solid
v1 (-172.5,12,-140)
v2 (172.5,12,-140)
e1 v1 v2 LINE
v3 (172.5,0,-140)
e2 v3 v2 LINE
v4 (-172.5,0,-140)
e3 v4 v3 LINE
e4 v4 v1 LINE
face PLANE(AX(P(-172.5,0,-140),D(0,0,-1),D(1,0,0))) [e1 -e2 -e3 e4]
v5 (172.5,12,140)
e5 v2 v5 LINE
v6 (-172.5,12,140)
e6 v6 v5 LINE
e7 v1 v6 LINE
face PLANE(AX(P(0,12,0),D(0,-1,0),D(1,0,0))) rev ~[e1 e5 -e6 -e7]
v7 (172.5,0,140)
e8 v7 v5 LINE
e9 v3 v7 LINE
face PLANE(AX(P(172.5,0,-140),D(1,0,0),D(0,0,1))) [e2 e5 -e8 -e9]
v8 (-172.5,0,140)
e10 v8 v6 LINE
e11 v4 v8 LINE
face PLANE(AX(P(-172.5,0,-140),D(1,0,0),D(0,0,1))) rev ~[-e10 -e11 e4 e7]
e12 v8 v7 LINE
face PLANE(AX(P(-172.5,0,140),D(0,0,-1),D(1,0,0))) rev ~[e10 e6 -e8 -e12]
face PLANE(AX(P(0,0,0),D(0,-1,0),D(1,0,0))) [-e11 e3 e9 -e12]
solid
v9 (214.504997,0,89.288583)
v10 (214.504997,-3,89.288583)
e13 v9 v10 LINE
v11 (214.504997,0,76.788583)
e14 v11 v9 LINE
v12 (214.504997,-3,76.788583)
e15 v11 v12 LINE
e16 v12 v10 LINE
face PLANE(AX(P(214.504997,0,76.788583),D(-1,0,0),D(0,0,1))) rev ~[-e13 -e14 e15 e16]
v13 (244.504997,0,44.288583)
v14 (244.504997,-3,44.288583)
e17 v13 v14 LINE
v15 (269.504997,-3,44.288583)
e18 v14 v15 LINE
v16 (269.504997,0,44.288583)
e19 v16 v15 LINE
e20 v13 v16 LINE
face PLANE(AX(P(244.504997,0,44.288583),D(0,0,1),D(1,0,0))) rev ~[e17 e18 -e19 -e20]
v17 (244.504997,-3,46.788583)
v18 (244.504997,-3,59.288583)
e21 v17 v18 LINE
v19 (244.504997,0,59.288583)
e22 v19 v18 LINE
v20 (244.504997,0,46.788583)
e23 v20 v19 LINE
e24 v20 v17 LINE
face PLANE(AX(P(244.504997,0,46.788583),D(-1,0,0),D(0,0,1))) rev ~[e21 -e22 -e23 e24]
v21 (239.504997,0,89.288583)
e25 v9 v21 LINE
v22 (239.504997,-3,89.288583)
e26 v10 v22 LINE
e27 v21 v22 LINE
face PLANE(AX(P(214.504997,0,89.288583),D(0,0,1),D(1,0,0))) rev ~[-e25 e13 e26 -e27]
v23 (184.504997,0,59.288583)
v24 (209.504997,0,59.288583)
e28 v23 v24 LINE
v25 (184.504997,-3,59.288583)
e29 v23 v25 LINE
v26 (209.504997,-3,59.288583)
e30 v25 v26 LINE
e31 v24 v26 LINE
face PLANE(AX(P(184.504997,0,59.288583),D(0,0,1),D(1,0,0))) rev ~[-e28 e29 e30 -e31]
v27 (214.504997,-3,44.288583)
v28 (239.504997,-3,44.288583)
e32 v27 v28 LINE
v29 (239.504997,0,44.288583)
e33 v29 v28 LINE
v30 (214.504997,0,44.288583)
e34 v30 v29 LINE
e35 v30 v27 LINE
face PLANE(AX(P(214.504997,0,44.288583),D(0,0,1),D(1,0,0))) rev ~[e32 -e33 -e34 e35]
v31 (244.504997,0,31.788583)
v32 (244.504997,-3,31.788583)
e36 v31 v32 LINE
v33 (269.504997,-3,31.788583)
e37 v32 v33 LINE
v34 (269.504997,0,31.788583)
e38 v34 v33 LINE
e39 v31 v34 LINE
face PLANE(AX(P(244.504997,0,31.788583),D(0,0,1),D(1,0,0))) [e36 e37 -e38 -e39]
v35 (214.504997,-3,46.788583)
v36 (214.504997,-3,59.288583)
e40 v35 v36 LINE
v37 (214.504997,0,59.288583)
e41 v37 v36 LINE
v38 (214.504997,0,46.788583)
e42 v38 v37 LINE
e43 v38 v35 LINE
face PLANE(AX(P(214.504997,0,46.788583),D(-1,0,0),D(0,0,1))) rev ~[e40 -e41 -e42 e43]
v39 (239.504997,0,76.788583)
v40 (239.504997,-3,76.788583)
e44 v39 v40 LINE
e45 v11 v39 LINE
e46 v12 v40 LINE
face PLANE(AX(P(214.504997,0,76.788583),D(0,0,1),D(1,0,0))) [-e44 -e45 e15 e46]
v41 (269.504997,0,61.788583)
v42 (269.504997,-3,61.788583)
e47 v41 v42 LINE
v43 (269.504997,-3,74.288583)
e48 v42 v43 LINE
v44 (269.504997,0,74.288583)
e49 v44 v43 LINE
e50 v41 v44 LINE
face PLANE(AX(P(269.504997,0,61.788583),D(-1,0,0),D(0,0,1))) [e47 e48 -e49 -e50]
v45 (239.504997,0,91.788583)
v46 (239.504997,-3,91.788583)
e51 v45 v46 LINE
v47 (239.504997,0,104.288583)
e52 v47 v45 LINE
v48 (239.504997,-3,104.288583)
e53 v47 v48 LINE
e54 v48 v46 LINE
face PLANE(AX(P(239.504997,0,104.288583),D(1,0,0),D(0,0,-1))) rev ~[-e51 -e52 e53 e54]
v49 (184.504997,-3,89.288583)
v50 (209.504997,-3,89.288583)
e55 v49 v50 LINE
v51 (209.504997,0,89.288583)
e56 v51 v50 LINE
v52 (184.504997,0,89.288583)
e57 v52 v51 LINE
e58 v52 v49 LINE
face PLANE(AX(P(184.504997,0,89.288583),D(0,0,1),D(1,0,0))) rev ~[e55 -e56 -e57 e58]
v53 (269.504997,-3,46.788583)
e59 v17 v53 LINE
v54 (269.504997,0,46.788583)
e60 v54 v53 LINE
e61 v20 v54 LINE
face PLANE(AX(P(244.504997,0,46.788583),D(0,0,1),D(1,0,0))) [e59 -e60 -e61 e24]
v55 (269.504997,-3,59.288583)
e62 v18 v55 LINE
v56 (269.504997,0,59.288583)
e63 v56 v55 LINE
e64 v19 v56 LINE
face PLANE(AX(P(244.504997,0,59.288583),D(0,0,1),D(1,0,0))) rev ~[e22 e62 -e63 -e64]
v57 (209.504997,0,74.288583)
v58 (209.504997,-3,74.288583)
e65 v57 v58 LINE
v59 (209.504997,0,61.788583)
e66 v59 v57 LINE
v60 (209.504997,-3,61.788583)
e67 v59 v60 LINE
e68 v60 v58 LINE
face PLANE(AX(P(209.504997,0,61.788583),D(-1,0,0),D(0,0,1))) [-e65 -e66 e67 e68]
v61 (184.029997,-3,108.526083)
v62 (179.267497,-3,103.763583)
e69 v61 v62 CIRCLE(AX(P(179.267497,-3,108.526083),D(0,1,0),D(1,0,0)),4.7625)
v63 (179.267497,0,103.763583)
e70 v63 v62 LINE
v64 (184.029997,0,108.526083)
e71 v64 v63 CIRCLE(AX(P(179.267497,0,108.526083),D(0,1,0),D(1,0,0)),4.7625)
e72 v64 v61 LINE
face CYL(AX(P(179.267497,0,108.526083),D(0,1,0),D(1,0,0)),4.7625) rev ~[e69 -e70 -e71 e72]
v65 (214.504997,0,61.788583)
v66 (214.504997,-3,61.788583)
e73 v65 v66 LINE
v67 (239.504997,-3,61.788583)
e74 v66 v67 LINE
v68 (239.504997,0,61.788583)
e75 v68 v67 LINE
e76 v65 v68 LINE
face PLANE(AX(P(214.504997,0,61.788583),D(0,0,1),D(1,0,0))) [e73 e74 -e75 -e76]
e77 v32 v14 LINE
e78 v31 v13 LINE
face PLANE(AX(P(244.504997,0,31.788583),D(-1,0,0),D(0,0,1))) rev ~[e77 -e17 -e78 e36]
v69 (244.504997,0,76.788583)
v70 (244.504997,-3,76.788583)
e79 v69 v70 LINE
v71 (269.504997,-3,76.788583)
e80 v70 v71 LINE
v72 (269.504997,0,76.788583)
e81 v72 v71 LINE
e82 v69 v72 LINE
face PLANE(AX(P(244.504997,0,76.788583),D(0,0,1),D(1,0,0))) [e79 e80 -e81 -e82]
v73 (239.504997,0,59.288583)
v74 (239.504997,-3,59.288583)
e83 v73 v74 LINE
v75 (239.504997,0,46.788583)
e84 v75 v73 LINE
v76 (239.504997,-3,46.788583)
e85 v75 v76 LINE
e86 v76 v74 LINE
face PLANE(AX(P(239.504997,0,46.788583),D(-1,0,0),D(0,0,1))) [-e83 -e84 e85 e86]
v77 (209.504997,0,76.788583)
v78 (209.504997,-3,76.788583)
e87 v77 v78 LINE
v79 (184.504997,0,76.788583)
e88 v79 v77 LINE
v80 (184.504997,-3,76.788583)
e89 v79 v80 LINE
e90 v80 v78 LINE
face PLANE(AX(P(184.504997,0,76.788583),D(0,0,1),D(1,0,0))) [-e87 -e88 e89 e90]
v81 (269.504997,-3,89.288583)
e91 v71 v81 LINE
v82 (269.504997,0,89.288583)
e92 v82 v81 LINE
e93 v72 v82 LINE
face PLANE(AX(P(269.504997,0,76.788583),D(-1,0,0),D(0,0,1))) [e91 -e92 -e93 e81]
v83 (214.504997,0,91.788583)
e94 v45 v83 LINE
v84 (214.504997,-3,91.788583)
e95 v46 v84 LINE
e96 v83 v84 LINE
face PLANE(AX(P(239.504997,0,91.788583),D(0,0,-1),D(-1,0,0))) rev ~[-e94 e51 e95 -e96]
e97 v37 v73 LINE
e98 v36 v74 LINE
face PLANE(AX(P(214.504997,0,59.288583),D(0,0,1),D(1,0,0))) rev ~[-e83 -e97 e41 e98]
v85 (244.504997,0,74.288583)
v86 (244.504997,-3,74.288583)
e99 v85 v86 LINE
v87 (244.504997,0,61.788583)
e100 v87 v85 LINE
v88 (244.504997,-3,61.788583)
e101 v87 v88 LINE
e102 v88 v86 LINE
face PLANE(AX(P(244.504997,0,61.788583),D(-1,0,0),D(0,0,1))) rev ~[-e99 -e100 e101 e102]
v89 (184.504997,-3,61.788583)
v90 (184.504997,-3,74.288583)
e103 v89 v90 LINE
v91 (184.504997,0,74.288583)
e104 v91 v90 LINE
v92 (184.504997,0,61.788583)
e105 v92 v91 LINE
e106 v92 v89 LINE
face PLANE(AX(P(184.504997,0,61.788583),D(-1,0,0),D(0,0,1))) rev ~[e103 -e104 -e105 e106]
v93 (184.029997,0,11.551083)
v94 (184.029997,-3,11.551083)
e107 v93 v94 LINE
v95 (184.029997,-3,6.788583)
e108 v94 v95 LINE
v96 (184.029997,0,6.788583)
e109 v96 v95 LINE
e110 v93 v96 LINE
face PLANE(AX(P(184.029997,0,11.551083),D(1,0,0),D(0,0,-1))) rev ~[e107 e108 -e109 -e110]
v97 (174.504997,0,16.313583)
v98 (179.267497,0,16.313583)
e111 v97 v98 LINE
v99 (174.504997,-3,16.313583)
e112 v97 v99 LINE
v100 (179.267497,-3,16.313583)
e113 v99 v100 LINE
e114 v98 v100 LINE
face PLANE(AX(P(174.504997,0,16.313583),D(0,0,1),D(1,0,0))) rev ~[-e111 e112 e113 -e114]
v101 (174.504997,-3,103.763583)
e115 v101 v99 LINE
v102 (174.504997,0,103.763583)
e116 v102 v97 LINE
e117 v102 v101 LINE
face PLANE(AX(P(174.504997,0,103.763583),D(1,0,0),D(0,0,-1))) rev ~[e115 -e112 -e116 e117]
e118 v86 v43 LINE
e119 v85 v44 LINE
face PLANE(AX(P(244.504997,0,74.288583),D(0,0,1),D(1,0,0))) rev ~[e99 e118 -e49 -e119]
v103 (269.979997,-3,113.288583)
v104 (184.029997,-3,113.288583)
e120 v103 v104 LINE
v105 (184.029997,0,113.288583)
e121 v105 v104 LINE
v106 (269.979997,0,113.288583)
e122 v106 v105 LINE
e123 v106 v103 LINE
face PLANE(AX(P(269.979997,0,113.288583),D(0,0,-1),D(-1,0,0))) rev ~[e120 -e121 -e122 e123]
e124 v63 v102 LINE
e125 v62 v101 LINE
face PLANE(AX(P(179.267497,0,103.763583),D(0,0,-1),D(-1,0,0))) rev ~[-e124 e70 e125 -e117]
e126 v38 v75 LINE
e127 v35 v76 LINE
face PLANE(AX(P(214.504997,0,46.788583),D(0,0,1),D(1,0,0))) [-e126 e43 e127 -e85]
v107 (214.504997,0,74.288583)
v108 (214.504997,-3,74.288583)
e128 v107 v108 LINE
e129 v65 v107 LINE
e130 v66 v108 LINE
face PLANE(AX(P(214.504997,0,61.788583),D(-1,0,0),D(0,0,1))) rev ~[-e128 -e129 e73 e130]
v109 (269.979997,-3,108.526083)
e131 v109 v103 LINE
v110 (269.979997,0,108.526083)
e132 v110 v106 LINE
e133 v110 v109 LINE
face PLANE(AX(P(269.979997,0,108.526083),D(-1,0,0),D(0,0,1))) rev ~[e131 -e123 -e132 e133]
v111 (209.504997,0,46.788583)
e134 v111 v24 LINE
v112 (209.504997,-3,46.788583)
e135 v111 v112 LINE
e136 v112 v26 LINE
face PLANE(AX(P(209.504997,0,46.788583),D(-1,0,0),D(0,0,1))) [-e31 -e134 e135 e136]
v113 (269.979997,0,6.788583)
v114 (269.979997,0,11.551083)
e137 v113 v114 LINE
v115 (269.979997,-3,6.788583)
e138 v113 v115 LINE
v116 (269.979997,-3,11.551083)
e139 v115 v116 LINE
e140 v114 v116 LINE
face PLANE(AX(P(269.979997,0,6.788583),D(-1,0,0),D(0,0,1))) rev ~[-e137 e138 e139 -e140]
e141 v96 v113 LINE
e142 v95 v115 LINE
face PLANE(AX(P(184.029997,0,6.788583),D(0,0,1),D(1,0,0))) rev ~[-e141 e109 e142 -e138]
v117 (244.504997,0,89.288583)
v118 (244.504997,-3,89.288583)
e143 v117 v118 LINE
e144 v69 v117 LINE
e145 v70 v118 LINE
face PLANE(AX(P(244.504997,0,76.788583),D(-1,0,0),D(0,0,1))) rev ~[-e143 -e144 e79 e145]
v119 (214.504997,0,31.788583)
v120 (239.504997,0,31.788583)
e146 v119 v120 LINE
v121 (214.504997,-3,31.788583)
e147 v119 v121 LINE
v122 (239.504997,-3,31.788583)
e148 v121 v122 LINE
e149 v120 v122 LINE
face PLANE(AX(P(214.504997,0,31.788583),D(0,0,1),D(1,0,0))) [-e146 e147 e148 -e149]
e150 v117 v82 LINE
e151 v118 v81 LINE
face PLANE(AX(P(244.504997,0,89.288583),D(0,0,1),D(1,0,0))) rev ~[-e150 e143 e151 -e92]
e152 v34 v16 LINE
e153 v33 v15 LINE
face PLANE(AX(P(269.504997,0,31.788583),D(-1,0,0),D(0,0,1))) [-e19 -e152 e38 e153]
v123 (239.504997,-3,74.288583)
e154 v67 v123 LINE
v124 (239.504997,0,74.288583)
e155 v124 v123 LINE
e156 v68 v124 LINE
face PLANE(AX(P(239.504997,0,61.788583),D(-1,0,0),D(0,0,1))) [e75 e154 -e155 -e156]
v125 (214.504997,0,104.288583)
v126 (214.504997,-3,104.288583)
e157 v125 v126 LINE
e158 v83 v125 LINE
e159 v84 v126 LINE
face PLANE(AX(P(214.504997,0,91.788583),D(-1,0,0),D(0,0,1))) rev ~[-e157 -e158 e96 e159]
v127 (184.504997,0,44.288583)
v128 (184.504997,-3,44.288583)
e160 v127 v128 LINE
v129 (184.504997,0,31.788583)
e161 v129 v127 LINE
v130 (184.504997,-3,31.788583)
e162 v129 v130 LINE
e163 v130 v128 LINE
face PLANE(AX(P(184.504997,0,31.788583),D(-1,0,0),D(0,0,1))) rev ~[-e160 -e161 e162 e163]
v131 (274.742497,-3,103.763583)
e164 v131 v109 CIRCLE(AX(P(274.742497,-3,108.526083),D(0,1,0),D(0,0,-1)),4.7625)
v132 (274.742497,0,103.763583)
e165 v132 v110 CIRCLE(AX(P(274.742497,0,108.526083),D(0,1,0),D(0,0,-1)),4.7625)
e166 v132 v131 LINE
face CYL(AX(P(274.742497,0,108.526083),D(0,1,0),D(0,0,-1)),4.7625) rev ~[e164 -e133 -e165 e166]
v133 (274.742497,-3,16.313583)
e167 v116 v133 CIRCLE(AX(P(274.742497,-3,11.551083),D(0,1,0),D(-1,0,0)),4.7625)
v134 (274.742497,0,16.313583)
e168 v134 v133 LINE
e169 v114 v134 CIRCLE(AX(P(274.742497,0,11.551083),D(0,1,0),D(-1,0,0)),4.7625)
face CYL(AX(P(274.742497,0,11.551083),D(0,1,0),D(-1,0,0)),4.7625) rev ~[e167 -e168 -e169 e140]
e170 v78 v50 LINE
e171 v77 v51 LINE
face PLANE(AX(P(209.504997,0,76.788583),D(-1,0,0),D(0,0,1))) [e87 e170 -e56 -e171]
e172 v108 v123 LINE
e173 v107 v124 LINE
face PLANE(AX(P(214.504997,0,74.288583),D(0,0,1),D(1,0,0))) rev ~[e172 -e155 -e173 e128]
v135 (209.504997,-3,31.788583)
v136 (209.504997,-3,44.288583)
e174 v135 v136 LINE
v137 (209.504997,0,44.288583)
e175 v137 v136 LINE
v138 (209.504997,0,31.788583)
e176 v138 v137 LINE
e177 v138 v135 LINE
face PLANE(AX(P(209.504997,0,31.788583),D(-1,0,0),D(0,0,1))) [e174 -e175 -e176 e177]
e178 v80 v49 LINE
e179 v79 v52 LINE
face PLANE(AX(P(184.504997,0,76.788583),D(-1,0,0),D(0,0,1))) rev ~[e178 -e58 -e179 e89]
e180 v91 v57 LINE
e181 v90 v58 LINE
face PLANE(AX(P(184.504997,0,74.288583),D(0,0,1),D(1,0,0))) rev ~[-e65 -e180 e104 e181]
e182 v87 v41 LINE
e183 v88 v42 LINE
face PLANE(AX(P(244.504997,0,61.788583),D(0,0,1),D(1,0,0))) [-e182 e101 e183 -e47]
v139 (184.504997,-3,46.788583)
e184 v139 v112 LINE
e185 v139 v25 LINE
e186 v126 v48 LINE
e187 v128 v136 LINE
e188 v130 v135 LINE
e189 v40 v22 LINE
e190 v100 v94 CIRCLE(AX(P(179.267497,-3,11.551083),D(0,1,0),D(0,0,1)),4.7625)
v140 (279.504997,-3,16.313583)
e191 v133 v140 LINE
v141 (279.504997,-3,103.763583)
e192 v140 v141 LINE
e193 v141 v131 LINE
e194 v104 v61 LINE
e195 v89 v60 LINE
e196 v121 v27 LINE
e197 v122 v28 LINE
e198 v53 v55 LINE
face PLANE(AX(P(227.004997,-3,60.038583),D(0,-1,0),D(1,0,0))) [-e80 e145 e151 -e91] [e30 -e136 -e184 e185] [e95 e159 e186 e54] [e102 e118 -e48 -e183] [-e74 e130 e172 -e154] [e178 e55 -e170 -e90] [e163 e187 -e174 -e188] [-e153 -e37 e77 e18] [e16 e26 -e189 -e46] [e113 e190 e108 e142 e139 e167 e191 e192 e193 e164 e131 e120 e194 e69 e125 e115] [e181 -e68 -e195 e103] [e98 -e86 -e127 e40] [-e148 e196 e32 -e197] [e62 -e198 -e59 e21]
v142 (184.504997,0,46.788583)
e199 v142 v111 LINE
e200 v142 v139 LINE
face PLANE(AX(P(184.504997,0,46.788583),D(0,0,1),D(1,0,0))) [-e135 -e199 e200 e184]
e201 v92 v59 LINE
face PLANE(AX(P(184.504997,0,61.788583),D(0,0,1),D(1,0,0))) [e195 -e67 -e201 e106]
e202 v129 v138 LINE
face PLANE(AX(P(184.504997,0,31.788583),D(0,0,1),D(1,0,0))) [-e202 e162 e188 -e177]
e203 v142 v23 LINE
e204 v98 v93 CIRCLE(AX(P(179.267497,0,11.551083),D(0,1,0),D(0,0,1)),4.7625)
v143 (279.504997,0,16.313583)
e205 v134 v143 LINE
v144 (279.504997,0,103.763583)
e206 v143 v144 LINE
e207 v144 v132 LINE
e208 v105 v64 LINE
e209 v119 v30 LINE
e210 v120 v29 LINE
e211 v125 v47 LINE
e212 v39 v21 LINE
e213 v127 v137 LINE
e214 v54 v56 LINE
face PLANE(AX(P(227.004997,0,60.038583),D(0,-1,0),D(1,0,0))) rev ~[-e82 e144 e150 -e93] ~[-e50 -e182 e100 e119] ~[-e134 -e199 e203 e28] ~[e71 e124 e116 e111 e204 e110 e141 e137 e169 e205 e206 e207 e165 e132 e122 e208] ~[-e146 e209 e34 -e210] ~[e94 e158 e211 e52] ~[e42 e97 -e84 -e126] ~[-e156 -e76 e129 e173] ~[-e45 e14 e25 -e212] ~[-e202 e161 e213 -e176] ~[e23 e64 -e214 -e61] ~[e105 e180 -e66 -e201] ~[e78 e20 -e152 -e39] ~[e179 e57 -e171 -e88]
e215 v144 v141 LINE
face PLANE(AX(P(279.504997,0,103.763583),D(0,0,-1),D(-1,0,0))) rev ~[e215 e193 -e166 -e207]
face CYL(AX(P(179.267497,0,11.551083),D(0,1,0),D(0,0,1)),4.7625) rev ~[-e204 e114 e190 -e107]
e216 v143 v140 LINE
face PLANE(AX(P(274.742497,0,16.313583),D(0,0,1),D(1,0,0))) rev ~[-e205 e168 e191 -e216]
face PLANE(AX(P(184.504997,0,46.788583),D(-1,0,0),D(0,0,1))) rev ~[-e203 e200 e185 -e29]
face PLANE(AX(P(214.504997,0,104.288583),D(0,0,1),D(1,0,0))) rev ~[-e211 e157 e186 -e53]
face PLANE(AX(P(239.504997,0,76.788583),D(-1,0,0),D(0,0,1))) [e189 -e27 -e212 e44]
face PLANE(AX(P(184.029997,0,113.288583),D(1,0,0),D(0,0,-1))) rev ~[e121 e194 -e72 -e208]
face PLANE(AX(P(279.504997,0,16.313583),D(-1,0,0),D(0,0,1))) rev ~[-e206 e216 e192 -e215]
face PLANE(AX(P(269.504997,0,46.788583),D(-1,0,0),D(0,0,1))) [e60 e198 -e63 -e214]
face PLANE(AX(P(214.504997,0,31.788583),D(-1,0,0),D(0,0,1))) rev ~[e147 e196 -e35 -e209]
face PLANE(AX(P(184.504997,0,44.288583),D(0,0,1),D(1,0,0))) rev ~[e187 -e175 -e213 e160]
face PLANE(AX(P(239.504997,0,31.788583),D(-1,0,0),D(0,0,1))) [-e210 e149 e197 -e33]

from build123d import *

# Parameters (mm, degrees)
F0_W     = 345
F0_H     = 280
F1_DEPTH = 12
F2_W     = 25
F2_H     = 12.5
F3_DEPTH = 3


with BuildPart() as f1:
    # F0 (on Front) → F1 (new body)
    with BuildSketch(Plane.XZ):
        Rectangle(F0_W, F0_H)
    extrude(amount=-F1_DEPTH)


with BuildPart() as f3:
    # F2 (on Front) → F3 (new body)
    with BuildSketch(Plane.XZ):
        with BuildLine():
            Line((269.9799974322, 113.2885825038), (184.0299974322, 113.2885825038))
            Line((184.0299974322, 113.2885825038), (184.0299974322, 108.5260825038))
            ThreePointArc((184.0299974322, 108.5260825038), (182.6350934776, 105.1584864584), (179.2674974322, 103.7635825038))
            Line((179.2674974322, 103.7635825038), (174.5049974322, 103.7635825038))
            Line((174.5049974322, 103.7635825038), (174.5049974322, 60.0385825038))
            Line((174.5049974322, 60.0385825038), (174.5049974322, 16.3135825038))
            Line((174.5049974322, 16.3135825038), (179.2674974322, 16.3135825038))
            ThreePointArc((179.2674974322, 16.3135825038), (182.6350934776, 14.9186785492), (184.0299974322, 11.5510825038))
            Line((184.0299974322, 11.5510825038), (184.0299974322, 6.7885825038))
            Line((184.0299974322, 6.7885825038), (269.9799974322, 6.7885825038))
            Line((269.9799974322, 6.7885825038), (269.9799974322, 11.5510825038))
            ThreePointArc((269.9799974322, 11.5510825038), (271.3749013868, 14.9186785492), (274.7424974322, 16.3135825038))
            Line((274.7424974322, 16.3135825038), (279.5049974322, 16.3135825038))
            Line((279.5049974322, 16.3135825038), (279.5049974322, 103.7635825038))
            Line((279.5049974322, 103.7635825038), (274.7424974322, 103.7635825038))
            ThreePointArc((274.7424974322, 103.7635825038), (271.3749013868, 105.1584864584), (269.9799974322, 108.5260825038))
            Line((269.9799974322, 108.5260825038), (269.9799974322, 113.2885825038))
        make_face()
        with Locations((197.0049974322, 38.0385825038)):
            Rectangle(F2_W, F2_H, mode=Mode.SUBTRACT)
        with Locations((197.0049974322, 53.0385825038)):
            Rectangle(F2_W, F2_H, mode=Mode.SUBTRACT)
        with Locations((227.0049974322, 38.0385825038)):
            Rectangle(F2_W, F2_H, mode=Mode.SUBTRACT)
        with Locations((227.0049974322, 53.0385825038)):
            Rectangle(F2_W, F2_H, mode=Mode.SUBTRACT)
        with Locations((257.0049974322, 38.0385825038)):
            Rectangle(F2_W, F2_H, mode=Mode.SUBTRACT)
        with Locations((257.0049974322, 53.0385825038)):
            Rectangle(F2_W, F2_H, mode=Mode.SUBTRACT)
        with Locations((197.0049974322, 68.0385825038)):
            Rectangle(F2_W, F2_H, mode=Mode.SUBTRACT)
        with Locations((197.0049974322, 83.0385825038)):
            Rectangle(F2_W, F2_H, mode=Mode.SUBTRACT)
        with Locations((227.0049974322, 68.0385825038)):
            Rectangle(F2_W, F2_H, mode=Mode.SUBTRACT)
        with Locations((227.0049974322, 83.0385825038)):
            Rectangle(F2_W, F2_H, mode=Mode.SUBTRACT)
        Polygon((214.5049974322, 91.7885825038), (214.5049974322, 104.2885825038), (227.0049974322, 104.2885825038), (239.5049974322, 104.2885825038), (239.5049974322, 91.7885825038), align=None, mode=Mode.SUBTRACT)
        with Locations((257.0049974322, 68.0385825038)):
            Rectangle(F2_W, F2_H, mode=Mode.SUBTRACT)
        with Locations((257.0049974322, 83.0385825038)):
            Rectangle(F2_W, F2_H, mode=Mode.SUBTRACT)
    extrude(amount=F3_DEPTH)


solid = Compound([f1.part, f3.part])
